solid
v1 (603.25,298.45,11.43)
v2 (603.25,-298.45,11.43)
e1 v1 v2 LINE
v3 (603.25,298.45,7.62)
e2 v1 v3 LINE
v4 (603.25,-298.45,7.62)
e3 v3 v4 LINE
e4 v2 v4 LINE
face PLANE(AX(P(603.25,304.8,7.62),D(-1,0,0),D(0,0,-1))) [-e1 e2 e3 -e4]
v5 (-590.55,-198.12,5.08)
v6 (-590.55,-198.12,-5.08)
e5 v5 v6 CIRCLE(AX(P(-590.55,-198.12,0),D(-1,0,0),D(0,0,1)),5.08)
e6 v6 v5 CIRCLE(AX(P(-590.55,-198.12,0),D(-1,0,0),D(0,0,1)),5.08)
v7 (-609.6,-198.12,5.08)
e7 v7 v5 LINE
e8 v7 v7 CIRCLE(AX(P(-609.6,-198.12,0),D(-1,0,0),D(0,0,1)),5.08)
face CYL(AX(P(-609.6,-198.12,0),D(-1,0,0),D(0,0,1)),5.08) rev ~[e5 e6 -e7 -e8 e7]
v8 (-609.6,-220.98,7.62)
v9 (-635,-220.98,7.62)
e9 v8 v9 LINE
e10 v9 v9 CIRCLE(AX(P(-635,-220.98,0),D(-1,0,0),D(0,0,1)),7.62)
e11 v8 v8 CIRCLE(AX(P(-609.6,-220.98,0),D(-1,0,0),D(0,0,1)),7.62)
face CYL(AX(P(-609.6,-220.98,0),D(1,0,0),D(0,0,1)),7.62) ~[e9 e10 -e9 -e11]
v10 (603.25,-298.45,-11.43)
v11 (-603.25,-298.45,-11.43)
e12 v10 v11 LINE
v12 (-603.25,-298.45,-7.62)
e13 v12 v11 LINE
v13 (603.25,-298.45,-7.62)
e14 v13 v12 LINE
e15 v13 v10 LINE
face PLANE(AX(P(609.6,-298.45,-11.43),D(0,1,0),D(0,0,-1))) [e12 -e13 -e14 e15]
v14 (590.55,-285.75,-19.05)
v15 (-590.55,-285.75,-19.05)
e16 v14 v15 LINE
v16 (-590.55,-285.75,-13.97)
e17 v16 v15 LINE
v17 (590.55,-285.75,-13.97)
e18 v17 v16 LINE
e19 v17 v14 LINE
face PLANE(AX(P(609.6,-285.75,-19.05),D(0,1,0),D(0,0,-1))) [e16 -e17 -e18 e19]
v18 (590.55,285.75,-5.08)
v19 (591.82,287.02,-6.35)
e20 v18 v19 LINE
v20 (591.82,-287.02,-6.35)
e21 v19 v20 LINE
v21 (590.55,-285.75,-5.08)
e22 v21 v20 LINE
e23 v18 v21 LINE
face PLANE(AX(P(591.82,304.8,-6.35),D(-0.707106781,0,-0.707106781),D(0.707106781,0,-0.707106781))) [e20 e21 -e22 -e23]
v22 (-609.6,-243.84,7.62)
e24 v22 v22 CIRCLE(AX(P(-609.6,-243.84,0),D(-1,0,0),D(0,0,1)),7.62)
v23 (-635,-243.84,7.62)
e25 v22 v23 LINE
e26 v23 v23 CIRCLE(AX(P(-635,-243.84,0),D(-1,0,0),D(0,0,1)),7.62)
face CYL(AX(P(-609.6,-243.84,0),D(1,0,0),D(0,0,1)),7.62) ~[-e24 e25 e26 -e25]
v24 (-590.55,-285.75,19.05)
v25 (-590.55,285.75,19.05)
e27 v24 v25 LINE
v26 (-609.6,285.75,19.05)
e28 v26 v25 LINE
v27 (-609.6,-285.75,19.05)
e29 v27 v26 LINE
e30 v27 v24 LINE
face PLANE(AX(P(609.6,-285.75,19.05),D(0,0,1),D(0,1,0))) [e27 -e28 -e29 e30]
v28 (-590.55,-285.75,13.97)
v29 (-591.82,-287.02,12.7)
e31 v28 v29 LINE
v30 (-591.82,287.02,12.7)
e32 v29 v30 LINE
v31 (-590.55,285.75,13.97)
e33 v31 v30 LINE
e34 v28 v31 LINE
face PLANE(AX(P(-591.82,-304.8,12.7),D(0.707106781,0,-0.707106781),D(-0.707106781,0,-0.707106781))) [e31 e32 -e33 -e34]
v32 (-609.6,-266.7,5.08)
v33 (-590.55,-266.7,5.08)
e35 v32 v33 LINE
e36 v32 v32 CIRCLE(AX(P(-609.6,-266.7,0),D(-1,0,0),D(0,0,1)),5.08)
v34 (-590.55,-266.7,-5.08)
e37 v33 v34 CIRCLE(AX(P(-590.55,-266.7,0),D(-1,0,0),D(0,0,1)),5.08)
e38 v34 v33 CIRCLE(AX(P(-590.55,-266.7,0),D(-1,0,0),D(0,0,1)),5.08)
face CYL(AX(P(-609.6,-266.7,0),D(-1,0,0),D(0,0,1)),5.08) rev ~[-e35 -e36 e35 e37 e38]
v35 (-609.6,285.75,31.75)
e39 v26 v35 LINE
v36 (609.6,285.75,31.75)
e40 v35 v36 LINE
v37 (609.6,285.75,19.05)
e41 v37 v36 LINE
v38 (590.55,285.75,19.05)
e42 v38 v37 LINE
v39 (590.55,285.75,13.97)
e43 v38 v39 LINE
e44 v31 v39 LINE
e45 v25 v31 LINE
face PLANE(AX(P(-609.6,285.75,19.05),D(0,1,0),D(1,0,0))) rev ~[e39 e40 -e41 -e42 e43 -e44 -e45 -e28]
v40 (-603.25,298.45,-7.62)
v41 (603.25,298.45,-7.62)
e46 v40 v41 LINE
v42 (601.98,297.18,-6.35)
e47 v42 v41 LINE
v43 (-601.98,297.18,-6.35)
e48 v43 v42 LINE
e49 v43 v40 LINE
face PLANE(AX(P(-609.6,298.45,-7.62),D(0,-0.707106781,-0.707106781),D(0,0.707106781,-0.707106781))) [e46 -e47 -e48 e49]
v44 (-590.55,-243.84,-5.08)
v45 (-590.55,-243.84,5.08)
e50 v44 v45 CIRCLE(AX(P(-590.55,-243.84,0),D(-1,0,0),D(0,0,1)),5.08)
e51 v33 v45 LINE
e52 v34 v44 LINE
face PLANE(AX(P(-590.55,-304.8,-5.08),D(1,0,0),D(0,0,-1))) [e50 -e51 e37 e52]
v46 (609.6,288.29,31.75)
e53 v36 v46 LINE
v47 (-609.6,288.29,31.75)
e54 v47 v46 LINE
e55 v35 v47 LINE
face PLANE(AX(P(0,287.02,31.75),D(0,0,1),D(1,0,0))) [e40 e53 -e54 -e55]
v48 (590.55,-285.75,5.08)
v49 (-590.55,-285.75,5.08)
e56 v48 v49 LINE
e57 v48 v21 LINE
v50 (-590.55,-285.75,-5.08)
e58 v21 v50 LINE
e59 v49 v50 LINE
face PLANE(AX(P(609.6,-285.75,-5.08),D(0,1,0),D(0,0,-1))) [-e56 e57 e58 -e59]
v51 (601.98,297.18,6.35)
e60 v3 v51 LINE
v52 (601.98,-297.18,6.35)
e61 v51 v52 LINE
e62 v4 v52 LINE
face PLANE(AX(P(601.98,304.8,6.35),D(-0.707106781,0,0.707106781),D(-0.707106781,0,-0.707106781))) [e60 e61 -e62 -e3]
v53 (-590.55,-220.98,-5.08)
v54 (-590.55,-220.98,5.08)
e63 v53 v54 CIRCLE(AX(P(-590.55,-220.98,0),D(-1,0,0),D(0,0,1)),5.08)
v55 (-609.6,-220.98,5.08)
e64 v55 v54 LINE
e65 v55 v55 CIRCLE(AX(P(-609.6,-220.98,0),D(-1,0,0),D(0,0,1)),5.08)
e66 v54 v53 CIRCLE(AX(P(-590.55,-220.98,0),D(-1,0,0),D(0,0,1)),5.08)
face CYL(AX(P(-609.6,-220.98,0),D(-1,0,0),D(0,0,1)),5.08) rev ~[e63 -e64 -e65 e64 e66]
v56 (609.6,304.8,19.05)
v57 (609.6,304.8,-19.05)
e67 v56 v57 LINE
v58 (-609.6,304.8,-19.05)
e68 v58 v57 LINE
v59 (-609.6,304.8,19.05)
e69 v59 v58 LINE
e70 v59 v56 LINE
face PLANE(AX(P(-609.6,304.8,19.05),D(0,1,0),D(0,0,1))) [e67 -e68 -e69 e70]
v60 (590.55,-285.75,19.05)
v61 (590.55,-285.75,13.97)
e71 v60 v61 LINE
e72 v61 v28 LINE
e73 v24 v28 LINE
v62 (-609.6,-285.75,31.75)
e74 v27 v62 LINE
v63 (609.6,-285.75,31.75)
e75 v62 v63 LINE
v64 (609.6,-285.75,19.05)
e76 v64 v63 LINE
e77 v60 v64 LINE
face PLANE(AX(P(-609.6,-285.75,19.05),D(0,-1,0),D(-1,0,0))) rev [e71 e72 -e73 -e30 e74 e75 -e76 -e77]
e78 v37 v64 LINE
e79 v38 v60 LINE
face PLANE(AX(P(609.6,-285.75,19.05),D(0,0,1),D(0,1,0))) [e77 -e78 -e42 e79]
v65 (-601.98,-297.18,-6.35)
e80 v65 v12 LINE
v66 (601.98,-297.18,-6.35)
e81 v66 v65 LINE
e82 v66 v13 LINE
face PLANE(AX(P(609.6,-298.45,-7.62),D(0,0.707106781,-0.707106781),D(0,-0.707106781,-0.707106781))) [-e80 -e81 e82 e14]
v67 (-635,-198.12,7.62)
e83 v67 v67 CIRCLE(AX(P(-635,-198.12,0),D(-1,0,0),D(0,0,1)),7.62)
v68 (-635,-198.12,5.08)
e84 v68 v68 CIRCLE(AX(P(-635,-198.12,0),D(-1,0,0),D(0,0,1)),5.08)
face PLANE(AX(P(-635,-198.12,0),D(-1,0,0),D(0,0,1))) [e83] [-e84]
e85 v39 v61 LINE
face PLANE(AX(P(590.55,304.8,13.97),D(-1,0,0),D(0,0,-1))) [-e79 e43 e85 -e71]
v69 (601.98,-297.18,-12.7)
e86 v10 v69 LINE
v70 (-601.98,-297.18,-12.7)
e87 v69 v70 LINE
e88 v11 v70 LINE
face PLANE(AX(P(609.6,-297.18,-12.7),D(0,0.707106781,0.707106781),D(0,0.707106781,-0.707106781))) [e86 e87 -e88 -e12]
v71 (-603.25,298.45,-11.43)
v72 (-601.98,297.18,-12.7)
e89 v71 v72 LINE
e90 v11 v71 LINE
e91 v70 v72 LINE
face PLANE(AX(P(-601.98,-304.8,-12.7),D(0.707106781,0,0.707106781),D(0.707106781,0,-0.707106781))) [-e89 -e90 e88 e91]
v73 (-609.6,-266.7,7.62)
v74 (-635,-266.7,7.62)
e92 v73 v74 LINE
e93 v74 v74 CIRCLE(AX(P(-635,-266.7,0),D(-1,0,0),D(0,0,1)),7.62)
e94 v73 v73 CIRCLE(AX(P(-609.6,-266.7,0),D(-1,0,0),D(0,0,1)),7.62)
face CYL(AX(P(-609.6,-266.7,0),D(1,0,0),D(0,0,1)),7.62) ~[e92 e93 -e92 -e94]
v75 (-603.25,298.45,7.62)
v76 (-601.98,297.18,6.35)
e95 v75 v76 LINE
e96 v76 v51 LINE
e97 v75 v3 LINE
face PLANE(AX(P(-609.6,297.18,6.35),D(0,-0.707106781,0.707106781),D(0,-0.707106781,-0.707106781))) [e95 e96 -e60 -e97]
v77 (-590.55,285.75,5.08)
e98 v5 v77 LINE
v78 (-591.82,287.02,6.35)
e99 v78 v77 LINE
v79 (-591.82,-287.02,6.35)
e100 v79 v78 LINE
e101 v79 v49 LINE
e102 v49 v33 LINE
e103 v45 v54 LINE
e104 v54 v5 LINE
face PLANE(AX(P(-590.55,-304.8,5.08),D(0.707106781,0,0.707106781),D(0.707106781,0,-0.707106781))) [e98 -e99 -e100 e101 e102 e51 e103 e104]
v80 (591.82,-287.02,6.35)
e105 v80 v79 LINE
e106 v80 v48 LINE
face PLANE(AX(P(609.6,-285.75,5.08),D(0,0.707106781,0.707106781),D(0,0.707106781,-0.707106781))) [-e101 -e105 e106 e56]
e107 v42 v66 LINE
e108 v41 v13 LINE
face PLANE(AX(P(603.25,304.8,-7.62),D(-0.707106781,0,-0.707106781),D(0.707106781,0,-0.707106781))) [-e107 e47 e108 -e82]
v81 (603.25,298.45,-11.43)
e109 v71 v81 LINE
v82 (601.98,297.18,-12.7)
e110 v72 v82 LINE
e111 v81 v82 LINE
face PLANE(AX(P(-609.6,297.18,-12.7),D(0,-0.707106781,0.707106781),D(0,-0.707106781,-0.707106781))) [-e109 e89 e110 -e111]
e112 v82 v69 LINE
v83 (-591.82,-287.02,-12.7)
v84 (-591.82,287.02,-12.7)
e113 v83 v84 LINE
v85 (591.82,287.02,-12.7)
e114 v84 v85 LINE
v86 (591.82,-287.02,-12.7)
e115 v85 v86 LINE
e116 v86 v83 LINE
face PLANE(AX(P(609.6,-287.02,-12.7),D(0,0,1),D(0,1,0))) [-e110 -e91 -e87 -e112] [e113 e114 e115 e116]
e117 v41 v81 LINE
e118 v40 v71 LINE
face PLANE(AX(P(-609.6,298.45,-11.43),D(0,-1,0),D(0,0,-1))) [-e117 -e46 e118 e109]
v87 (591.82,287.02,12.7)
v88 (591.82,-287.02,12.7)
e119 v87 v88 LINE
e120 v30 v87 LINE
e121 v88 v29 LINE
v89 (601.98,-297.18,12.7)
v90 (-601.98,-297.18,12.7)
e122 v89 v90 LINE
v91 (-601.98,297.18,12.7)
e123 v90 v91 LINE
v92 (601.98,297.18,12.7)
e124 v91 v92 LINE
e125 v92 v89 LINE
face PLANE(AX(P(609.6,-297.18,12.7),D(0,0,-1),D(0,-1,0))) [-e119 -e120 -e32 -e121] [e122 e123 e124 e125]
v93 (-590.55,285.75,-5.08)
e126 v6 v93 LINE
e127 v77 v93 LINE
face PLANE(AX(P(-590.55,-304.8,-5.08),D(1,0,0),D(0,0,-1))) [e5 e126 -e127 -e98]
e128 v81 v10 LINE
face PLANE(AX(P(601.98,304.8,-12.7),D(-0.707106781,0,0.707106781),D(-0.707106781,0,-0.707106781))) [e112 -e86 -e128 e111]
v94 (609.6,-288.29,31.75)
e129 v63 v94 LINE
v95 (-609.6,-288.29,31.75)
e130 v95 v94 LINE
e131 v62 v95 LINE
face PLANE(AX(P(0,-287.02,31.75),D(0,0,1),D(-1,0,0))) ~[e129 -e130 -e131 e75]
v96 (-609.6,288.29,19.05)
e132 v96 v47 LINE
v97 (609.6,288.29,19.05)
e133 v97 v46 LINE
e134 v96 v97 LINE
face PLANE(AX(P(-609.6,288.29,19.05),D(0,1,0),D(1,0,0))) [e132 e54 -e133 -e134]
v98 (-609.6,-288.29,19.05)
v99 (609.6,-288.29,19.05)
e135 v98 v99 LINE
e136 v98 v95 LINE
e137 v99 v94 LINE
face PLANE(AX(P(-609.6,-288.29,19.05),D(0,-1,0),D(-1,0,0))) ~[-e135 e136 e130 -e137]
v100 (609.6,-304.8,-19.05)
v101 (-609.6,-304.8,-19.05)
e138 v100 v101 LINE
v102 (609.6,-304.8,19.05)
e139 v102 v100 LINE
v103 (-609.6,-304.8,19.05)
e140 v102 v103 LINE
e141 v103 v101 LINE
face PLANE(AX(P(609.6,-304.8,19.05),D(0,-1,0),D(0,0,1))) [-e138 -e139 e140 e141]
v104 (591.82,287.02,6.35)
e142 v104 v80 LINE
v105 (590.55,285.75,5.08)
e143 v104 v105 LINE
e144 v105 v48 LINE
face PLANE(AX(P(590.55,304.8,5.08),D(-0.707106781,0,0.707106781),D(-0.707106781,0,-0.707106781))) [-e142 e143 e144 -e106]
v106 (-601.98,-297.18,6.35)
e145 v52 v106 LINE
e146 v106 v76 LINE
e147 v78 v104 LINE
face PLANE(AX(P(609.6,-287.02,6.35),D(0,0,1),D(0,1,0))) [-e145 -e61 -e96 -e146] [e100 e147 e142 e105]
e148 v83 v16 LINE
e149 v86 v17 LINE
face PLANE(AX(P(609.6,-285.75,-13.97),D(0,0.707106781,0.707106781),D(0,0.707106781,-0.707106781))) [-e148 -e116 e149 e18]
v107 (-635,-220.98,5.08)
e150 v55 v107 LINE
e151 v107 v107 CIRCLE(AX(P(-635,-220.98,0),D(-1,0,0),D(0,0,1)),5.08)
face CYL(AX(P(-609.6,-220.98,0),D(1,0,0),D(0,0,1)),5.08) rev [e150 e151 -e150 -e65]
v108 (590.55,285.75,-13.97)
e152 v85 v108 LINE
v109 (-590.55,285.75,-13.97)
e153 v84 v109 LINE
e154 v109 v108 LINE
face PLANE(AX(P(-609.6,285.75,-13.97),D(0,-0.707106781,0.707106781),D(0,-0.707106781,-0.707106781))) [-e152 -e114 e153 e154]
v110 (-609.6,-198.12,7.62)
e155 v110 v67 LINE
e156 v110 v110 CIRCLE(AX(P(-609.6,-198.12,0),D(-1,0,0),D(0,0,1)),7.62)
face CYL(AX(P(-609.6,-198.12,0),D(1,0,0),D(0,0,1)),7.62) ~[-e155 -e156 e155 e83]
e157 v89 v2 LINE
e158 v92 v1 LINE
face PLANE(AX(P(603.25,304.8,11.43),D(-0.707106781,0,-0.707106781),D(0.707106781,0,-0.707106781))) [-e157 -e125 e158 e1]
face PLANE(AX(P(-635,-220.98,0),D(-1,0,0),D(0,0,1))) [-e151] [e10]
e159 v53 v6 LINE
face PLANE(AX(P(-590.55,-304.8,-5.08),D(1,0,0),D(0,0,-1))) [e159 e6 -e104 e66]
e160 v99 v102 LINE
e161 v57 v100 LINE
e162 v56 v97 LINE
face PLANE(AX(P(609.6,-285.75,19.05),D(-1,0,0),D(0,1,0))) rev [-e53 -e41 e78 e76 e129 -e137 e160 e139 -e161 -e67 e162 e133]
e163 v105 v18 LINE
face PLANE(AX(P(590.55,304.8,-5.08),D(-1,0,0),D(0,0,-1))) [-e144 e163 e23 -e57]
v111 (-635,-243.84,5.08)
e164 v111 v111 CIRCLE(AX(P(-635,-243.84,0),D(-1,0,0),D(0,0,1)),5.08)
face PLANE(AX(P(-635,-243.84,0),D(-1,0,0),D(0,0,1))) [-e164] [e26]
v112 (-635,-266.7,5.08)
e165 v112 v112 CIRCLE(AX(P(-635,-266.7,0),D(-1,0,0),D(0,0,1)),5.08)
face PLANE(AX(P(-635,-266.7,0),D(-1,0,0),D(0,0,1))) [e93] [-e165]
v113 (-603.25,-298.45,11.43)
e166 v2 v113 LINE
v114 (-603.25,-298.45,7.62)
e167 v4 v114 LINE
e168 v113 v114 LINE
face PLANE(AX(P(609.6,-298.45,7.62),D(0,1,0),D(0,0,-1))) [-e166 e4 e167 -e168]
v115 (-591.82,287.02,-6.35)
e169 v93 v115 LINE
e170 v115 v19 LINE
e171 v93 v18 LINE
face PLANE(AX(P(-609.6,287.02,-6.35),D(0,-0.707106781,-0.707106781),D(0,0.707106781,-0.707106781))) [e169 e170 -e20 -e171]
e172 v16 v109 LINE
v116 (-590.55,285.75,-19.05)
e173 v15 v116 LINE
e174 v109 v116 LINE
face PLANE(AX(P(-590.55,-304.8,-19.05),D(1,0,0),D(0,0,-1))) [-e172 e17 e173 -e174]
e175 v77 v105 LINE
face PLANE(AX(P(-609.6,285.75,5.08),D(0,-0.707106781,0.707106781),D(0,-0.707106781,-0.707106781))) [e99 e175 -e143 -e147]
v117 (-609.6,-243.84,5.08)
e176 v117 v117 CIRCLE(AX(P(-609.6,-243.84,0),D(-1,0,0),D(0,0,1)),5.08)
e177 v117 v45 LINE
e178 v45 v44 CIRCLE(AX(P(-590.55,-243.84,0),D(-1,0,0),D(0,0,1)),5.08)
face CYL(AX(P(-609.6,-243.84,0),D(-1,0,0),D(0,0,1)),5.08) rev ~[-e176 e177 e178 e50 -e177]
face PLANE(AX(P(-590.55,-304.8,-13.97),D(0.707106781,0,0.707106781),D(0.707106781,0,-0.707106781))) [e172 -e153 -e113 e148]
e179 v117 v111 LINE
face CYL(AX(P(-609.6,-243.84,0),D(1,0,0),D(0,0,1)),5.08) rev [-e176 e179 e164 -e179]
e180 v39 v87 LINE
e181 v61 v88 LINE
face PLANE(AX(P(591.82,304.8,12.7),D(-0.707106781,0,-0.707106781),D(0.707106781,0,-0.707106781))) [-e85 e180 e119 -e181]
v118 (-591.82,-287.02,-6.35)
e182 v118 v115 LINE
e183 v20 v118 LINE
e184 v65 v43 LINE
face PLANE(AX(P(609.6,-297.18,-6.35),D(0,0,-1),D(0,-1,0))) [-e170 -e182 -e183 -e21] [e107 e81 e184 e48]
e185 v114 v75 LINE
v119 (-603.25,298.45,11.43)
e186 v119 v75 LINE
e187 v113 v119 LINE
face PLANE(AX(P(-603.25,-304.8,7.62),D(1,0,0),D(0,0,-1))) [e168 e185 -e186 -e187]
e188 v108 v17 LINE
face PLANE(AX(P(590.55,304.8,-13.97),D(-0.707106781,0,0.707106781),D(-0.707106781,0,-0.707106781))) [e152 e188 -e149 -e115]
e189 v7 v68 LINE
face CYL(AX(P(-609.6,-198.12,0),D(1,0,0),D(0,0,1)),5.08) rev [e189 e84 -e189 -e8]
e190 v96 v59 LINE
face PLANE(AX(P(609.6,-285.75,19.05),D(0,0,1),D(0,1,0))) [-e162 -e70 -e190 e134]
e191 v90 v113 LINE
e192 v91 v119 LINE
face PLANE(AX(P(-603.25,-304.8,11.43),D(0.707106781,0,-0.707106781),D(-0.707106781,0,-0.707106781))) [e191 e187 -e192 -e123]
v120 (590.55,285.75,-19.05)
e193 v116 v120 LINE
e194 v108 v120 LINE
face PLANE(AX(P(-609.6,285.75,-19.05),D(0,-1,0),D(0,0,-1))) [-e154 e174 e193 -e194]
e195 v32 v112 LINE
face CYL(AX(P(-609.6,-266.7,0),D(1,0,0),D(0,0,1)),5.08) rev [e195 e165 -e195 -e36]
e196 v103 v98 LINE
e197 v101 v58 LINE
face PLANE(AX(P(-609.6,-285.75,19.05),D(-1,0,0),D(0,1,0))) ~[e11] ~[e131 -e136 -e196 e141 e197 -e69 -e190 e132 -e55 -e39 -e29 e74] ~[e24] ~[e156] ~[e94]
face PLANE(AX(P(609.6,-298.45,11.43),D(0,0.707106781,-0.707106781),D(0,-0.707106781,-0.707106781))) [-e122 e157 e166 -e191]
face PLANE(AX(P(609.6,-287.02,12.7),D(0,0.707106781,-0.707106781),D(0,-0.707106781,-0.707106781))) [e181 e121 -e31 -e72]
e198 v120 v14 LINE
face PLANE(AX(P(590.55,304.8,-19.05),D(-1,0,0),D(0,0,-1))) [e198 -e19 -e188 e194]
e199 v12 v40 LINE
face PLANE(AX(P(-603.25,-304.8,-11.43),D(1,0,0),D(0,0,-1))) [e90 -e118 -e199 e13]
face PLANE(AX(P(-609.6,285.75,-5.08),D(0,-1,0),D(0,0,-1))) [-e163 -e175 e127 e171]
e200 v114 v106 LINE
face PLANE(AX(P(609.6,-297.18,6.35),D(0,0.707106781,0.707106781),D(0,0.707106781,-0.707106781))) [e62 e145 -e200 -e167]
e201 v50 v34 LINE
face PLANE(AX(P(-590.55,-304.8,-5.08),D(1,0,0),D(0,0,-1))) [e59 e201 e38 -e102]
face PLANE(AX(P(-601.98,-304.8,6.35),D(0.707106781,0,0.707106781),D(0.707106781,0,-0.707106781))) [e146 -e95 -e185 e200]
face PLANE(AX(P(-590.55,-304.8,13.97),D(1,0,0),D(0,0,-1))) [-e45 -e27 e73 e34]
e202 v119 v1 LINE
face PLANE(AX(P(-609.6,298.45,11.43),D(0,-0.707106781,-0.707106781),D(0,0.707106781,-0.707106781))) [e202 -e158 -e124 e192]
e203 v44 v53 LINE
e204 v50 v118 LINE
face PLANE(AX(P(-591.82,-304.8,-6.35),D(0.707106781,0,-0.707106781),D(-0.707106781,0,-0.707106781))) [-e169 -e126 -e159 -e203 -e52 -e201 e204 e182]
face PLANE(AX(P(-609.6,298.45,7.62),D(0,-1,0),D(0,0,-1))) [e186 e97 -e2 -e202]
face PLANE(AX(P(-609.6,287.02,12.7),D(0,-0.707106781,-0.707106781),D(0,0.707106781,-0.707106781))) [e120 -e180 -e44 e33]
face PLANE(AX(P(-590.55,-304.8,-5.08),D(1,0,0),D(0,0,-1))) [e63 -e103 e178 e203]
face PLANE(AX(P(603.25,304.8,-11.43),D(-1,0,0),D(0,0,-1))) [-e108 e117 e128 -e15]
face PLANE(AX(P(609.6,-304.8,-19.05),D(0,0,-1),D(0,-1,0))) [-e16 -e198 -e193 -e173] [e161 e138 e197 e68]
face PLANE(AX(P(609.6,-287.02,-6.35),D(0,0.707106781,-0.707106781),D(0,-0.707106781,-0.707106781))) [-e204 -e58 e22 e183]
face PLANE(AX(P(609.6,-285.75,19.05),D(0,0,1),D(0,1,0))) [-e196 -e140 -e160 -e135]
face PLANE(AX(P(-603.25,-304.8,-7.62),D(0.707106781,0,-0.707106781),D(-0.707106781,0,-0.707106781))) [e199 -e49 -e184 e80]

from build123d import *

# Parameters (mm, degrees)
CUT_EXTRUDE4_REACH  = 1221.2
SKETCH4_R           = 5.08
SKETCH5_R           = 7.62
SKETCH5_R_2         = 5.08
BOSS_EXTRUDE3_DEPTH = 25.4
SKETCH7_W           = 1219.2
SKETCH7_H           = 2.54
BOSS_EXTRUDE4_DEPTH = 12.7


with BuildPart() as part:
    # Sweep1: sweep along a path in Sketch2
    with BuildLine(Plane.XY) as sweep1_path:
        Line((609.6, -304.8), (-609.6, -304.8))
        Line((-609.6, -304.8), (-609.6, 304.8))
        Line((-609.6, 304.8), (609.6, 304.8))
        Line((609.6, 304.8), (609.6, -304.8))
    # Sketch3 → Sweep1 (sweep)
    with BuildSketch(Plane(origin=(0, 0, 0), x_dir=(0, 0, -1), z_dir=(1, 0, 0))):
        Polygon((-19.05, 304.8), (19.05, 304.8), (19.05, 285.75), (13.97, 285.75), (12.7, 287.02), (12.7, 297.18), (11.43, 298.45), (7.62, 298.45), (6.35, 297.18), (6.35, 287.02), (5.08, 285.75), (-5.08, 285.75), (-6.35, 287.02), (-6.35, 297.18), (-7.62, 298.45), (-11.43, 298.45), (-12.7, 297.18), (-12.7, 287.02), (-13.97, 285.75), (-19.05, 285.75), align=None)
    sweep(path=sweep1_path.line, transition=Transition.RIGHT)

    # Sketch4 → Cut-Extrude4 (cut, up to next)
    with BuildSketch(Plane.ZY.offset(609.6), mode=Mode.PRIVATE) as cut_extrude4_sk1:
        with Locations((0, -266.7)):
            Circle(SKETCH4_R)
    cut_extrude4_tool1 = extrude(cut_extrude4_sk1.sketch, amount=-CUT_EXTRUDE4_REACH, mode=Mode.PRIVATE) & part.part
    add(cut_extrude4_tool1.solids().sort_by_distance((-609.6, -266.7, 0))[0], mode=Mode.SUBTRACT)
    # Sketch4 → Cut-Extrude4 (cut, up to next)
    with BuildSketch(Plane.ZY.offset(609.6), mode=Mode.PRIVATE) as cut_extrude4_sk2:
        with Locations((0, -243.84)):
            Circle(SKETCH4_R)
    cut_extrude4_tool2 = extrude(cut_extrude4_sk2.sketch, amount=-CUT_EXTRUDE4_REACH, mode=Mode.PRIVATE) & part.part
    add(cut_extrude4_tool2.solids().sort_by_distance((-609.6, -243.84, 0))[0], mode=Mode.SUBTRACT)
    # Sketch4 → Cut-Extrude4 (cut, up to next)
    with BuildSketch(Plane.ZY.offset(609.6), mode=Mode.PRIVATE) as cut_extrude4_sk3:
        with Locations((0, -220.98)):
            Circle(SKETCH4_R)
    cut_extrude4_tool3 = extrude(cut_extrude4_sk3.sketch, amount=-CUT_EXTRUDE4_REACH, mode=Mode.PRIVATE) & part.part
    add(cut_extrude4_tool3.solids().sort_by_distance((-609.6, -220.98, 0))[0], mode=Mode.SUBTRACT)
    # Sketch4 → Cut-Extrude4 (cut, up to next)
    with BuildSketch(Plane.ZY.offset(609.6), mode=Mode.PRIVATE) as cut_extrude4_sk4:
        with Locations((0, -198.12)):
            Circle(SKETCH4_R)
    cut_extrude4_tool4 = extrude(cut_extrude4_sk4.sketch, amount=-CUT_EXTRUDE4_REACH, mode=Mode.PRIVATE) & part.part
    add(cut_extrude4_tool4.solids().sort_by_distance((-609.6, -198.12, 0))[0], mode=Mode.SUBTRACT)

    # Sketch5 → Boss-Extrude3 (add)
    with BuildSketch(Plane.ZY.offset(609.6)):
        with Locations((0, -198.12)):
            Circle(SKETCH5_R)
        with Locations((0, -198.12)):
            Circle(SKETCH5_R_2, mode=Mode.SUBTRACT)
        with Locations((0, -220.98)):
            Circle(SKETCH5_R)
        with Locations((0, -220.98)):
            Circle(SKETCH5_R_2, mode=Mode.SUBTRACT)
        with Locations((0, -243.84)):
            Circle(SKETCH5_R)
        with Locations((0, -243.84)):
            Circle(SKETCH5_R_2, mode=Mode.SUBTRACT)
        with Locations((0, -266.7)):
            Circle(SKETCH5_R)
        with Locations((0, -266.7)):
            Circle(SKETCH5_R_2, mode=Mode.SUBTRACT)
    extrude(amount=BOSS_EXTRUDE3_DEPTH)

    # Sketch7 → Boss-Extrude4 (add)
    with BuildSketch(Plane.XY.offset(19.05)):
        with Locations((0, 287.02)):
            Rectangle(SKETCH7_W, SKETCH7_H)
    boss_extrude4 = extrude(amount=BOSS_EXTRUDE4_DEPTH)

    # Mirror1: Boss-Extrude4 across plane
    add(boss_extrude4.mirror(Plane.ZX))


solid = part.part
